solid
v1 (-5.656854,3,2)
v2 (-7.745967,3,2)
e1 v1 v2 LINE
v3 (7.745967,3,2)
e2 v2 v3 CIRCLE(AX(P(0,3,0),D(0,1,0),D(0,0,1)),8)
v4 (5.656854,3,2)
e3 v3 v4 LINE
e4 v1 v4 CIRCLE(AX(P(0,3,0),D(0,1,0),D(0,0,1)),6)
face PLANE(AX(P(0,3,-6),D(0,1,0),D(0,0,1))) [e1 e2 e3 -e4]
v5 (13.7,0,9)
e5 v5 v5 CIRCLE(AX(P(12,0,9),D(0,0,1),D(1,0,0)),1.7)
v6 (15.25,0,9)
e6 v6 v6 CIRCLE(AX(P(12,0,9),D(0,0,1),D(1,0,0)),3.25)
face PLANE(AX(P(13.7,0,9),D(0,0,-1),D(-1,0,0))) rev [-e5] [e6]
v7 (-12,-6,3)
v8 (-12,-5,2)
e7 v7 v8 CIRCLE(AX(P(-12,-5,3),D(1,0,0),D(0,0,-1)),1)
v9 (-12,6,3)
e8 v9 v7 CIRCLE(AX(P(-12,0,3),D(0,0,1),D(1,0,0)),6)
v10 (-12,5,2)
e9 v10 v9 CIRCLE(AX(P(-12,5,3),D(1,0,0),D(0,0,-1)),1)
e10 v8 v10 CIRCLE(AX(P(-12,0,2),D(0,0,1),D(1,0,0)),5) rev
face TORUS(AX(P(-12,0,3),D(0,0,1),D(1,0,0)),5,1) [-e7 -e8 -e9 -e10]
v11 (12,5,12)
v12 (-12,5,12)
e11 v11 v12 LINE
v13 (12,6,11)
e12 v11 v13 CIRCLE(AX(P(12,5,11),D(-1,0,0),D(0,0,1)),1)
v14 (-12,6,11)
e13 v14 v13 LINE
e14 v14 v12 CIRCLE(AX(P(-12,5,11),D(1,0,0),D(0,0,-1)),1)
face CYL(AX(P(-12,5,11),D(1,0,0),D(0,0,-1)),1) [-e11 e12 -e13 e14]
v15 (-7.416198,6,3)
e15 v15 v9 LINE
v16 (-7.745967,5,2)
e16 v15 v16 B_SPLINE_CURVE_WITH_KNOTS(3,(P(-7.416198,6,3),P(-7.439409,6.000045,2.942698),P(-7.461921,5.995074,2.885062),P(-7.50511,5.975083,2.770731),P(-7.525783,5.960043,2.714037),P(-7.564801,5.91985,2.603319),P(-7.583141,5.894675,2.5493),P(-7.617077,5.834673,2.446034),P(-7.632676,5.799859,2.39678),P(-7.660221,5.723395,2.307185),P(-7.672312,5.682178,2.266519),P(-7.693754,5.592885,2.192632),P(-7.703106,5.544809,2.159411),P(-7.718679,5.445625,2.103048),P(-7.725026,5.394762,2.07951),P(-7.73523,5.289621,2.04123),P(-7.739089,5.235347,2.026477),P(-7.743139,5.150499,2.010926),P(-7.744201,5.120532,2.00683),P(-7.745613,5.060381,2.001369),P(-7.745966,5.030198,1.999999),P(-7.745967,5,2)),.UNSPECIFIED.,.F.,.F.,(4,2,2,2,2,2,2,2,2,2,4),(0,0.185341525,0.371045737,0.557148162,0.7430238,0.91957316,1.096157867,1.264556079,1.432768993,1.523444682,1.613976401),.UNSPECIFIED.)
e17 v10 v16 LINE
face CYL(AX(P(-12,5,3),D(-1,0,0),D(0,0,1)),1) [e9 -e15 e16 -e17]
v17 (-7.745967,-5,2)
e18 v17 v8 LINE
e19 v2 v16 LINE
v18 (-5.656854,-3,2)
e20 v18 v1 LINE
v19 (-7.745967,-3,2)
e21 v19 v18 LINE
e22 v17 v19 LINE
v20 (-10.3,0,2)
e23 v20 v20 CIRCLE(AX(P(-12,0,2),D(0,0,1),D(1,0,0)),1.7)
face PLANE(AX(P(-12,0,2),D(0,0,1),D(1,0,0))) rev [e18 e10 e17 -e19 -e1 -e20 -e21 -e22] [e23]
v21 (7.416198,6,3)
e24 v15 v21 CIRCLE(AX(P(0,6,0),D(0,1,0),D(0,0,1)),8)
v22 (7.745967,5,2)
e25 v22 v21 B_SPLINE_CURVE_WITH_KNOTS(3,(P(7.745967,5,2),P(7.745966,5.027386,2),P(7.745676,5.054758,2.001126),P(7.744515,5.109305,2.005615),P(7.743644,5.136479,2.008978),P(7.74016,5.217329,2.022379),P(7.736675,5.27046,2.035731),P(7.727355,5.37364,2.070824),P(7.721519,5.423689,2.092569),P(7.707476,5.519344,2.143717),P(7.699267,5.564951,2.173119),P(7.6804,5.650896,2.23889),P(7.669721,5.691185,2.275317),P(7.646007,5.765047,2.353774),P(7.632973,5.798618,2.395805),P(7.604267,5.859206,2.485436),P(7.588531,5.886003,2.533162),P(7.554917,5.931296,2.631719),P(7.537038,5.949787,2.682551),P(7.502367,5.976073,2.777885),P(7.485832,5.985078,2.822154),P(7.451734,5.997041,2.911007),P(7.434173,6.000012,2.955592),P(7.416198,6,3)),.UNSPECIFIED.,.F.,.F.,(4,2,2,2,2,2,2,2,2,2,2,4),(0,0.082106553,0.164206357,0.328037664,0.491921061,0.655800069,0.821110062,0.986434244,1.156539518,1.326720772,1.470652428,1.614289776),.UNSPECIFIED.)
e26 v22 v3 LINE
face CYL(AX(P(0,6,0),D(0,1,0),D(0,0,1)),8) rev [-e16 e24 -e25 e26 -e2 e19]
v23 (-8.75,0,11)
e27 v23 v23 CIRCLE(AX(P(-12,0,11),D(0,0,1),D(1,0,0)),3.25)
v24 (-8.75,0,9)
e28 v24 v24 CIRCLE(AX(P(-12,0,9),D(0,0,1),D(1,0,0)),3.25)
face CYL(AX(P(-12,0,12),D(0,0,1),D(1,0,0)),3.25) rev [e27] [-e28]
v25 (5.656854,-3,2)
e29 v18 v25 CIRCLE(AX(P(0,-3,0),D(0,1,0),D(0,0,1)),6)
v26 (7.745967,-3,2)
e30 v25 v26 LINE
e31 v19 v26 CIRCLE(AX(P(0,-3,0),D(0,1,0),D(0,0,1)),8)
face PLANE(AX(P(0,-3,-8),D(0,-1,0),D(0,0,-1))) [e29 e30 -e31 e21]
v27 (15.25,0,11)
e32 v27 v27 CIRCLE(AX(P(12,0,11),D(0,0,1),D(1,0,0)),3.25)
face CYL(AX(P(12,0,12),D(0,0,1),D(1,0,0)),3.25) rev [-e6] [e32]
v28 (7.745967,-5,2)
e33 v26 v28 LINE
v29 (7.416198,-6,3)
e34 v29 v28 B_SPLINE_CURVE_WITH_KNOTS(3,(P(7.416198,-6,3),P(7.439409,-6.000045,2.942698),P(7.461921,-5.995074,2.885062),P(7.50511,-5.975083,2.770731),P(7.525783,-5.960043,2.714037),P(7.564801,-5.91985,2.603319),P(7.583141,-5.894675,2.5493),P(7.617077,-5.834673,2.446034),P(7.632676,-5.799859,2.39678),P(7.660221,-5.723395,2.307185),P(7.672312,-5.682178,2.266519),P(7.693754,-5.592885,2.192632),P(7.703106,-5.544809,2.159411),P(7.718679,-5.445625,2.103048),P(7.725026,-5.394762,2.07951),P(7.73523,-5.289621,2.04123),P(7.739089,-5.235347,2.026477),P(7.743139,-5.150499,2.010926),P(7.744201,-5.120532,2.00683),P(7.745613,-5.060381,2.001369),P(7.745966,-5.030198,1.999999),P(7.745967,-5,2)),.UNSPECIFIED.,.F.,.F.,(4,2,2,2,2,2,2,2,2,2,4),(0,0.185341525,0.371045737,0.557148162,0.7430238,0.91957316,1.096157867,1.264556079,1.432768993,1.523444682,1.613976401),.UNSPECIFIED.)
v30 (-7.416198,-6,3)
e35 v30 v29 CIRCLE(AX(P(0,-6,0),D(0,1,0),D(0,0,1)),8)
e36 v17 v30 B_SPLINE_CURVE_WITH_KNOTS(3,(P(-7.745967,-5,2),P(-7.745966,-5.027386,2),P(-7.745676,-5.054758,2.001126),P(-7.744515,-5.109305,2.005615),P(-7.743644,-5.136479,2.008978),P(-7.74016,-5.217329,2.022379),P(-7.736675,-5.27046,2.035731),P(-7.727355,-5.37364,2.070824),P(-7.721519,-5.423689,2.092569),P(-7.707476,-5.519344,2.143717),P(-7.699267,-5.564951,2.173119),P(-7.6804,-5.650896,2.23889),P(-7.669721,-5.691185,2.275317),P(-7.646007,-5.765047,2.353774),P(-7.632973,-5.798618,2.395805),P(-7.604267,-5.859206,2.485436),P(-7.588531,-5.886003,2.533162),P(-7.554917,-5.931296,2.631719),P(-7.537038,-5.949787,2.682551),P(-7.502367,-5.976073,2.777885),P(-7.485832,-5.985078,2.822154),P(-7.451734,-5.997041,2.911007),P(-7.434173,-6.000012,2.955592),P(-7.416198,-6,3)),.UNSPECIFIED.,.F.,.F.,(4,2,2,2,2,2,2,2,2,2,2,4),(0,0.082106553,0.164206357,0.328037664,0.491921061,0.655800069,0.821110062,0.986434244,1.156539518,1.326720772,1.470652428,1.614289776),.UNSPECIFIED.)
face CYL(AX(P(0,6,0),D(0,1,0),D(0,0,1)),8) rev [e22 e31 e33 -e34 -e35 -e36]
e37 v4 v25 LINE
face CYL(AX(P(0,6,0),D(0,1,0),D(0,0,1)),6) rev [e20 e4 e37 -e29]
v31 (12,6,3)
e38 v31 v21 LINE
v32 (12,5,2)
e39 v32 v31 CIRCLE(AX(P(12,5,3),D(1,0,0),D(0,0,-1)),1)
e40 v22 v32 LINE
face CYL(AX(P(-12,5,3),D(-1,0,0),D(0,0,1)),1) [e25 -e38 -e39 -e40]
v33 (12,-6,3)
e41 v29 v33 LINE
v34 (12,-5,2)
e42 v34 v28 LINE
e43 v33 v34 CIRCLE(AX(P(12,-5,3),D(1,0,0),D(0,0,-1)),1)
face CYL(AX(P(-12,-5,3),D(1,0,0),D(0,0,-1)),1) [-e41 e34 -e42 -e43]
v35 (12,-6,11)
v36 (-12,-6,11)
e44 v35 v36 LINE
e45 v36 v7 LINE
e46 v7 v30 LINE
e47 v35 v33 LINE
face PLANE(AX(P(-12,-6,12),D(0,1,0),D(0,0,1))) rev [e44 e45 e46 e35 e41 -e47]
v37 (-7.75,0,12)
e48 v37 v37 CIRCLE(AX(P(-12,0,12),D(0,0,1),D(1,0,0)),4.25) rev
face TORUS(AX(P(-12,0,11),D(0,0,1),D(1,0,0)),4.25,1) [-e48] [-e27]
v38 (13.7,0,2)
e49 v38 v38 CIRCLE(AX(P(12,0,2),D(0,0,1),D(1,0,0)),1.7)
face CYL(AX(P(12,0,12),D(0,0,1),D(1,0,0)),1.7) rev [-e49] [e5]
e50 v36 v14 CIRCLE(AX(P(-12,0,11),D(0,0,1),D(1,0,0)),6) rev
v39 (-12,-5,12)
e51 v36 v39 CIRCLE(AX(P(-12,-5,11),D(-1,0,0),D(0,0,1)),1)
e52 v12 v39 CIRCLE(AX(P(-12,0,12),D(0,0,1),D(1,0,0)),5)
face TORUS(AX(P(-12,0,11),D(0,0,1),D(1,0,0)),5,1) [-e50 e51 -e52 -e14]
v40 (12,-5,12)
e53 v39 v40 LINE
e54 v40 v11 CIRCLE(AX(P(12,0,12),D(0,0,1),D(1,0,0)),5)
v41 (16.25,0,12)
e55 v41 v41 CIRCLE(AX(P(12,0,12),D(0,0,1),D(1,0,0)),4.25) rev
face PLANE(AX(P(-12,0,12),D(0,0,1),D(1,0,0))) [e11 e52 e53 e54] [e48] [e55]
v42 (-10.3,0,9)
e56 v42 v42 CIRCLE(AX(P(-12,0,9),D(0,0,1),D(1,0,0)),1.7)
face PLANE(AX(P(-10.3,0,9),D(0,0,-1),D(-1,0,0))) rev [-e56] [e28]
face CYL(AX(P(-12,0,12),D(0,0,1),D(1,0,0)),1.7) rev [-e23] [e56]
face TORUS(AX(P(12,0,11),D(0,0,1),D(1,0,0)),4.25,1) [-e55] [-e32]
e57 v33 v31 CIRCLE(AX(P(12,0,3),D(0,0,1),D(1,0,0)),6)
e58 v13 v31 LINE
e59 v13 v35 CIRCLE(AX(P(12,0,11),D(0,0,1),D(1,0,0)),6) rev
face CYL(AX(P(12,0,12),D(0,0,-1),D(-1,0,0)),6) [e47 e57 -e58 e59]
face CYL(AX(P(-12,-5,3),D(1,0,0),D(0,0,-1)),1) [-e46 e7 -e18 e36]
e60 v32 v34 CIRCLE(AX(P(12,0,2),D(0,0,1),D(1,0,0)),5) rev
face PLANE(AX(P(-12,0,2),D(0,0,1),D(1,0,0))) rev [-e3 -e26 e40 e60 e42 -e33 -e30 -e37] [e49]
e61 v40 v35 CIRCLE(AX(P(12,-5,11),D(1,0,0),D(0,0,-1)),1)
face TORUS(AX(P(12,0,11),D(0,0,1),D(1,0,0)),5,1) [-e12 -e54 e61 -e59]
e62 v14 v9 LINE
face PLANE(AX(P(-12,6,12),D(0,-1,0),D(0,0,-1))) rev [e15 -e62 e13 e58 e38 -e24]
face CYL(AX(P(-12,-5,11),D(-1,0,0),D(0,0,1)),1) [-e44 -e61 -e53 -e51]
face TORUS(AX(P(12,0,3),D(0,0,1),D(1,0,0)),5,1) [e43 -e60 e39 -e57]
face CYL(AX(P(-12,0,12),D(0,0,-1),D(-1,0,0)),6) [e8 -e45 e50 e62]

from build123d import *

# Parameters (mm, degrees)
BOSS_EXTRUDE1_START            = 2
BOSS_EXTRUDE1_DEPTH            = 10
CBORE_FOR_M3_SHCS2_D           = 3.4
CBORE_FOR_M3_SHCS2_CBORE_D     = 6.5
CBORE_FOR_M3_SHCS2_CBORE_DEPTH = 3
FILLET1_R                      = 1


with BuildPart() as part:
    # Sketch1 → Boss-Extrude1 (new body)
    with BuildSketch(Plane.XY.offset(BOSS_EXTRUDE1_START)):
        with BuildLine():
            Line((-12, 6), (12, 6))
            ThreePointArc((12, 6), (18, 0), (12, -6))
            Line((12, -6), (-12, -6))
            ThreePointArc((-12, -6), (-18, 0), (-12, 6))
        make_face()
    extrude(amount=BOSS_EXTRUDE1_DEPTH)

    # CBORE for M3 SHCS2 (through all)
    with Locations(Plane.XY.offset(12)):
        with Locations((-12, 0), (12, 0)):
            CounterBoreHole(CBORE_FOR_M3_SHCS2_D / 2, CBORE_FOR_M3_SHCS2_CBORE_D / 2, CBORE_FOR_M3_SHCS2_CBORE_DEPTH)

    # Fillet1
    fillet1_edges = [part.edges().sort_by_distance(p)[0] for p in [
        (18, 0, 12),
        (0, 6, 12),
        (8.75, 0, 12),
        (-15.25, 0, 12),
        (-18, 0, 12),
        (0, 6, 2),
        (18, 0, 2),
        (0, -6, 2),
        (-18, 0, 2),
        (0, -6, 12),
    ]]
    fillet(fillet1_edges, radius=FILLET1_R)

    # Sketch13 → Cut-Revolve1 (revolve, cut)
    with BuildSketch(Plane(origin=(0, 0, 0), x_dir=(0, 0, -1), z_dir=(1, 0, 0))):
        Polygon((0, 6), (0, -6), (8, -6), (8, -3), (6, -3), (6, 3), (8, 3), (8, 6), align=None)
    revolve(axis=Axis((0, 6, 0), (0, -1, 0)), mode=Mode.SUBTRACT)


solid = part.part
